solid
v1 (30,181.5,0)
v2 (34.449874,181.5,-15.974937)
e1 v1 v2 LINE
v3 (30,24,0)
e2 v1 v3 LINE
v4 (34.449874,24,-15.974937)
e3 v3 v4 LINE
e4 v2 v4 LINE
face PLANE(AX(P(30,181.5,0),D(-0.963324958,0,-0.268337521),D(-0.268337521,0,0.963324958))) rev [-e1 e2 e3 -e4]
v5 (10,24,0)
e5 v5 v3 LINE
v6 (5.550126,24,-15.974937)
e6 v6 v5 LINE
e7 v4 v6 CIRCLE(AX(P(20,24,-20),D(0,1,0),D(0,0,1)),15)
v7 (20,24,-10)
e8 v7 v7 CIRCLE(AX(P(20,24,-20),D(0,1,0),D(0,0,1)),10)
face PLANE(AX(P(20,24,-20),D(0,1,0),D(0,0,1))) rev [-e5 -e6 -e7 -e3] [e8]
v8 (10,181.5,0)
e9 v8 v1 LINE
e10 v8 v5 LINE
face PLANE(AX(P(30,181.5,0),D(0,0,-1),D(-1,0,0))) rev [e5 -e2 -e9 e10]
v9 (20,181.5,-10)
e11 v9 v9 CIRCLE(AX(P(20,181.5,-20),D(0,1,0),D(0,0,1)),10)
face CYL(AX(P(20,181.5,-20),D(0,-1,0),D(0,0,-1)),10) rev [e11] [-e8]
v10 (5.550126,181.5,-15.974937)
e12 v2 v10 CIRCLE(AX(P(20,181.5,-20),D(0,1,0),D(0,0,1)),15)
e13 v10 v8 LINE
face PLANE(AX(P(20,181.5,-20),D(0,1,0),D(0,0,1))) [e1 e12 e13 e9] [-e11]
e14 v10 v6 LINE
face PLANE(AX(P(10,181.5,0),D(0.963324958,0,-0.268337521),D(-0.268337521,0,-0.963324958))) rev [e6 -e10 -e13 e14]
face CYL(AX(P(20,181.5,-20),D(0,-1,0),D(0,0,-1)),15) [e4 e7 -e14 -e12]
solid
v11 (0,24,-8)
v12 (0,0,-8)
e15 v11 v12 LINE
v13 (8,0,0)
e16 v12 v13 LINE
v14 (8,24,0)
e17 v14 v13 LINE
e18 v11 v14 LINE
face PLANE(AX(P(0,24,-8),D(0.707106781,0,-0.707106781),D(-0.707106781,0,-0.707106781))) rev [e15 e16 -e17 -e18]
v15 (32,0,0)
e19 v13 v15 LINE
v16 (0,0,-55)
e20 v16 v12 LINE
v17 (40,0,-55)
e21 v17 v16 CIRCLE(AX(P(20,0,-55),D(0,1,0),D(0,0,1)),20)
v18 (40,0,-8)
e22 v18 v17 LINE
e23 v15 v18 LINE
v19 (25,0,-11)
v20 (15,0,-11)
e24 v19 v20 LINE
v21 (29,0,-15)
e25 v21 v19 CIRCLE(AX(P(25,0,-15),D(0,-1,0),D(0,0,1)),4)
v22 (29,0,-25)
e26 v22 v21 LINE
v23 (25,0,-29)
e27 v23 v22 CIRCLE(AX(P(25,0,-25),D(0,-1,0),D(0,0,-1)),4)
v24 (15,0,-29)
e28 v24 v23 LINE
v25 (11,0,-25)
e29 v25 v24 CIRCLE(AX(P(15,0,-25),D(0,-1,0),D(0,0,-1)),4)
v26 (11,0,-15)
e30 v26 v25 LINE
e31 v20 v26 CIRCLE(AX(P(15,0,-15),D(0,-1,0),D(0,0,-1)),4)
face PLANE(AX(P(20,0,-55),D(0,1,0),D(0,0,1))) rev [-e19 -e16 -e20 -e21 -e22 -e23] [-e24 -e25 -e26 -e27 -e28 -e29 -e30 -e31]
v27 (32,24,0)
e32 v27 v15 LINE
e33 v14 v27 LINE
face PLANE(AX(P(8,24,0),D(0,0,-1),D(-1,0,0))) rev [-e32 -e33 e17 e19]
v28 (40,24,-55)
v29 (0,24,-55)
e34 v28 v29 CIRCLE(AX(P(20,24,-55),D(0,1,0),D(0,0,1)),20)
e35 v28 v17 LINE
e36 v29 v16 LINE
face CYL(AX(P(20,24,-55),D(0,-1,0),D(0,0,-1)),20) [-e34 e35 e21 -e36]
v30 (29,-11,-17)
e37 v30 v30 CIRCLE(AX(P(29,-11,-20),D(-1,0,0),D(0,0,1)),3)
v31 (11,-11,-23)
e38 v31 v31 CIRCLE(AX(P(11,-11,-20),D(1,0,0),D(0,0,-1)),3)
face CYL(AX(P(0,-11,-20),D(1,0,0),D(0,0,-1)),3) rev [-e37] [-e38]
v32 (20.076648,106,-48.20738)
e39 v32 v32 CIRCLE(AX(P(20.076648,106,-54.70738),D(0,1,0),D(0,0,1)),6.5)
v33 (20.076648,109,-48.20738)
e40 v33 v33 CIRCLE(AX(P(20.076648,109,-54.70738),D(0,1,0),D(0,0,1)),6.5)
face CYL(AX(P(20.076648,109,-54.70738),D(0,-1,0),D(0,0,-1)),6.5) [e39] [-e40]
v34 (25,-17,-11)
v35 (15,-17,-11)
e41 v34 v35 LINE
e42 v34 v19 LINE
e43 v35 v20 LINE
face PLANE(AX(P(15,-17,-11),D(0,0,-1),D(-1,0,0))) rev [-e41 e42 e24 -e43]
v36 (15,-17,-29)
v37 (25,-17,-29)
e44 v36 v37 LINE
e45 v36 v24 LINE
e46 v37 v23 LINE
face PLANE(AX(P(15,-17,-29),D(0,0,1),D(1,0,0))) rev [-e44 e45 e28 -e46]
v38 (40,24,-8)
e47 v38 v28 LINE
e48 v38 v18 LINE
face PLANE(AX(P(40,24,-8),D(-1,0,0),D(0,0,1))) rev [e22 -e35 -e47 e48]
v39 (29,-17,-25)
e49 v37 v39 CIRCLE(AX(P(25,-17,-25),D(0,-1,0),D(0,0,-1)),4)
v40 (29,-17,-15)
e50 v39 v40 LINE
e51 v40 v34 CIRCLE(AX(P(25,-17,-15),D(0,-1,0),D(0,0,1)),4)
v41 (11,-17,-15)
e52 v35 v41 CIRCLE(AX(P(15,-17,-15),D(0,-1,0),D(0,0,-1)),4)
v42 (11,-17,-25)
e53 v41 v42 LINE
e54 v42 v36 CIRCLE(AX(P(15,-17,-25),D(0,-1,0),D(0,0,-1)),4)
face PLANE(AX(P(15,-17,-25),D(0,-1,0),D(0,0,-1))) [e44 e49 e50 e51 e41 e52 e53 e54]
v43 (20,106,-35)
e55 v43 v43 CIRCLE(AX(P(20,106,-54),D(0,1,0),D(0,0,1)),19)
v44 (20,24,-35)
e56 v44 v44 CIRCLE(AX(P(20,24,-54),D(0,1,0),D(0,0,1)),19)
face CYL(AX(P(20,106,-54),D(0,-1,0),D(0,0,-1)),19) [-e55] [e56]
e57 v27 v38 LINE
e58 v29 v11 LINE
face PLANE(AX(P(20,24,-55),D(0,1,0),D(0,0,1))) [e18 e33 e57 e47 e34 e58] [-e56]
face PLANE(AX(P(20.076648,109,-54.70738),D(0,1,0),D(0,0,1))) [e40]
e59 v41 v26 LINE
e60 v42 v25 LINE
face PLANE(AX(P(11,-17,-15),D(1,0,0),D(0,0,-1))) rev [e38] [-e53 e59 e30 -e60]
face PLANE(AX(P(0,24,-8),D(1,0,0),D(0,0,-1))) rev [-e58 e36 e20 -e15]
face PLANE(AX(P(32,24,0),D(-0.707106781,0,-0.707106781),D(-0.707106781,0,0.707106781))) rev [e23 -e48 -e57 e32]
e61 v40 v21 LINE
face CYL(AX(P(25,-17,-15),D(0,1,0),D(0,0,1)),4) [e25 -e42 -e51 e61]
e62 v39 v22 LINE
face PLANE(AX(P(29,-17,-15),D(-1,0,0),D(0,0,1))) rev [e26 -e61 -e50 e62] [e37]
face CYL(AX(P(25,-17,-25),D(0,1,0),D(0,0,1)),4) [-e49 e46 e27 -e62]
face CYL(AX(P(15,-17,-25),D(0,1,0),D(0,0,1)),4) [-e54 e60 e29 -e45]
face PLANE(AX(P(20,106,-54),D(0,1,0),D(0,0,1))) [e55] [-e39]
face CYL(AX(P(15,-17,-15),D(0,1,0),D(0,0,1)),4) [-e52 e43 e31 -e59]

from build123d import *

# Parameters (mm, degrees)
EXTRUDE_1_DEPTH          = 24
EXTRUDE_2_DEPTH          = 17
SKETCH_3_R               = 3
CUT_EXTRUDE_1_DEPTH      = 12
CUT_EXTRUDE_1_DEPTH_BACK = 30
SKETCH_4_R               = 19
EXTRUDE_3_DEPTH          = 82
SKETCH_5_R               = 6.5
EXTRUDE_4_DEPTH          = 3
SKETCH_6_R               = 10
EXTRUDE_7_DEPTH          = 157.5


with BuildPart() as part:
    # 草图1 → 凸台-拉伸1 (new body)
    with BuildSketch(Plane(origin=(0, 0, 0), x_dir=(1, 0, 0), z_dir=(0, 1, 0))):
        with BuildLine():
            Line((0, 8), (8, 0))
            Line((8, 0), (32, 0))
            Line((32, 0), (40, 8))
            Line((40, 8), (40, 55))
            ThreePointArc((40, 55), (20, 75), (0, 55))
            Line((0, 55), (0, 8))
        make_face()
    extrude(amount=EXTRUDE_1_DEPTH)

    # 草图2 → 凸台-拉伸2 (add)
    with BuildSketch(Plane.XZ):
        with BuildLine():
            Line((15, -11), (25, -11))
            ThreePointArc((25, -11), (27.828427125, -12.171572875), (29, -15))
            Line((29, -15), (29, -25))
            ThreePointArc((29, -25), (27.828427125, -27.828427125), (25, -29))
            Line((25, -29), (15, -29))
            ThreePointArc((15, -29), (12.171572875, -27.828427125), (11, -25))
            Line((11, -25), (11, -15))
            ThreePointArc((11, -15), (12.171572875, -12.171572875), (15, -11))
        make_face()
    extrude(amount=EXTRUDE_2_DEPTH)

    # 草图3 → 切除-拉伸1 (cut, two sides)
    with BuildSketch(Plane(origin=(29, 0, 0), x_dir=(0, 0, -1), z_dir=(1, 0, 0))) as cut_extrude_1_sk:
        with Locations((20, -11)):
            Circle(SKETCH_3_R)
    extrude(amount=CUT_EXTRUDE_1_DEPTH, mode=Mode.SUBTRACT)
    extrude(cut_extrude_1_sk.sketch, amount=-CUT_EXTRUDE_1_DEPTH_BACK, mode=Mode.SUBTRACT)

    # 草图4 → 凸台-拉伸3 (add)
    with BuildSketch(Plane(origin=(0, 24, 0), x_dir=(1, 0, 0), z_dir=(0, 1, 0))):
        with Locations((20, 54)):
            Circle(SKETCH_4_R)
    extrude(amount=EXTRUDE_3_DEPTH)

    # 草图5 → 凸台-拉伸4 (add)
    with BuildSketch(Plane(origin=(0, 106, 0), x_dir=(1, 0, 0), z_dir=(0, 1, 0))):
        with Locations((20.076647574, 54.707380465)):
            Circle(SKETCH_5_R)
    extrude(amount=EXTRUDE_4_DEPTH)


with BuildPart() as body_2:
    # 草图6 → 凸台-拉伸7 (new body)
    with BuildSketch(Plane(origin=(0, 24, 0), x_dir=(1, 0, 0), z_dir=(0, 1, 0))):
        with BuildLine():
            Line((10, 0), (5.550125629, 15.974937186))
            ThreePointArc((5.550125629, 15.974937186), (20, 35), (34.449874371, 15.974937186))
            Line((34.449874371, 15.974937186), (30, 0))
            Line((30, 0), (10, 0))
        make_face()
        with Locations((20, 20)):
            Circle(SKETCH_6_R, mode=Mode.SUBTRACT)
    extrude(amount=EXTRUDE_7_DEPTH)


solid = Compound([part.part, body_2.part])
